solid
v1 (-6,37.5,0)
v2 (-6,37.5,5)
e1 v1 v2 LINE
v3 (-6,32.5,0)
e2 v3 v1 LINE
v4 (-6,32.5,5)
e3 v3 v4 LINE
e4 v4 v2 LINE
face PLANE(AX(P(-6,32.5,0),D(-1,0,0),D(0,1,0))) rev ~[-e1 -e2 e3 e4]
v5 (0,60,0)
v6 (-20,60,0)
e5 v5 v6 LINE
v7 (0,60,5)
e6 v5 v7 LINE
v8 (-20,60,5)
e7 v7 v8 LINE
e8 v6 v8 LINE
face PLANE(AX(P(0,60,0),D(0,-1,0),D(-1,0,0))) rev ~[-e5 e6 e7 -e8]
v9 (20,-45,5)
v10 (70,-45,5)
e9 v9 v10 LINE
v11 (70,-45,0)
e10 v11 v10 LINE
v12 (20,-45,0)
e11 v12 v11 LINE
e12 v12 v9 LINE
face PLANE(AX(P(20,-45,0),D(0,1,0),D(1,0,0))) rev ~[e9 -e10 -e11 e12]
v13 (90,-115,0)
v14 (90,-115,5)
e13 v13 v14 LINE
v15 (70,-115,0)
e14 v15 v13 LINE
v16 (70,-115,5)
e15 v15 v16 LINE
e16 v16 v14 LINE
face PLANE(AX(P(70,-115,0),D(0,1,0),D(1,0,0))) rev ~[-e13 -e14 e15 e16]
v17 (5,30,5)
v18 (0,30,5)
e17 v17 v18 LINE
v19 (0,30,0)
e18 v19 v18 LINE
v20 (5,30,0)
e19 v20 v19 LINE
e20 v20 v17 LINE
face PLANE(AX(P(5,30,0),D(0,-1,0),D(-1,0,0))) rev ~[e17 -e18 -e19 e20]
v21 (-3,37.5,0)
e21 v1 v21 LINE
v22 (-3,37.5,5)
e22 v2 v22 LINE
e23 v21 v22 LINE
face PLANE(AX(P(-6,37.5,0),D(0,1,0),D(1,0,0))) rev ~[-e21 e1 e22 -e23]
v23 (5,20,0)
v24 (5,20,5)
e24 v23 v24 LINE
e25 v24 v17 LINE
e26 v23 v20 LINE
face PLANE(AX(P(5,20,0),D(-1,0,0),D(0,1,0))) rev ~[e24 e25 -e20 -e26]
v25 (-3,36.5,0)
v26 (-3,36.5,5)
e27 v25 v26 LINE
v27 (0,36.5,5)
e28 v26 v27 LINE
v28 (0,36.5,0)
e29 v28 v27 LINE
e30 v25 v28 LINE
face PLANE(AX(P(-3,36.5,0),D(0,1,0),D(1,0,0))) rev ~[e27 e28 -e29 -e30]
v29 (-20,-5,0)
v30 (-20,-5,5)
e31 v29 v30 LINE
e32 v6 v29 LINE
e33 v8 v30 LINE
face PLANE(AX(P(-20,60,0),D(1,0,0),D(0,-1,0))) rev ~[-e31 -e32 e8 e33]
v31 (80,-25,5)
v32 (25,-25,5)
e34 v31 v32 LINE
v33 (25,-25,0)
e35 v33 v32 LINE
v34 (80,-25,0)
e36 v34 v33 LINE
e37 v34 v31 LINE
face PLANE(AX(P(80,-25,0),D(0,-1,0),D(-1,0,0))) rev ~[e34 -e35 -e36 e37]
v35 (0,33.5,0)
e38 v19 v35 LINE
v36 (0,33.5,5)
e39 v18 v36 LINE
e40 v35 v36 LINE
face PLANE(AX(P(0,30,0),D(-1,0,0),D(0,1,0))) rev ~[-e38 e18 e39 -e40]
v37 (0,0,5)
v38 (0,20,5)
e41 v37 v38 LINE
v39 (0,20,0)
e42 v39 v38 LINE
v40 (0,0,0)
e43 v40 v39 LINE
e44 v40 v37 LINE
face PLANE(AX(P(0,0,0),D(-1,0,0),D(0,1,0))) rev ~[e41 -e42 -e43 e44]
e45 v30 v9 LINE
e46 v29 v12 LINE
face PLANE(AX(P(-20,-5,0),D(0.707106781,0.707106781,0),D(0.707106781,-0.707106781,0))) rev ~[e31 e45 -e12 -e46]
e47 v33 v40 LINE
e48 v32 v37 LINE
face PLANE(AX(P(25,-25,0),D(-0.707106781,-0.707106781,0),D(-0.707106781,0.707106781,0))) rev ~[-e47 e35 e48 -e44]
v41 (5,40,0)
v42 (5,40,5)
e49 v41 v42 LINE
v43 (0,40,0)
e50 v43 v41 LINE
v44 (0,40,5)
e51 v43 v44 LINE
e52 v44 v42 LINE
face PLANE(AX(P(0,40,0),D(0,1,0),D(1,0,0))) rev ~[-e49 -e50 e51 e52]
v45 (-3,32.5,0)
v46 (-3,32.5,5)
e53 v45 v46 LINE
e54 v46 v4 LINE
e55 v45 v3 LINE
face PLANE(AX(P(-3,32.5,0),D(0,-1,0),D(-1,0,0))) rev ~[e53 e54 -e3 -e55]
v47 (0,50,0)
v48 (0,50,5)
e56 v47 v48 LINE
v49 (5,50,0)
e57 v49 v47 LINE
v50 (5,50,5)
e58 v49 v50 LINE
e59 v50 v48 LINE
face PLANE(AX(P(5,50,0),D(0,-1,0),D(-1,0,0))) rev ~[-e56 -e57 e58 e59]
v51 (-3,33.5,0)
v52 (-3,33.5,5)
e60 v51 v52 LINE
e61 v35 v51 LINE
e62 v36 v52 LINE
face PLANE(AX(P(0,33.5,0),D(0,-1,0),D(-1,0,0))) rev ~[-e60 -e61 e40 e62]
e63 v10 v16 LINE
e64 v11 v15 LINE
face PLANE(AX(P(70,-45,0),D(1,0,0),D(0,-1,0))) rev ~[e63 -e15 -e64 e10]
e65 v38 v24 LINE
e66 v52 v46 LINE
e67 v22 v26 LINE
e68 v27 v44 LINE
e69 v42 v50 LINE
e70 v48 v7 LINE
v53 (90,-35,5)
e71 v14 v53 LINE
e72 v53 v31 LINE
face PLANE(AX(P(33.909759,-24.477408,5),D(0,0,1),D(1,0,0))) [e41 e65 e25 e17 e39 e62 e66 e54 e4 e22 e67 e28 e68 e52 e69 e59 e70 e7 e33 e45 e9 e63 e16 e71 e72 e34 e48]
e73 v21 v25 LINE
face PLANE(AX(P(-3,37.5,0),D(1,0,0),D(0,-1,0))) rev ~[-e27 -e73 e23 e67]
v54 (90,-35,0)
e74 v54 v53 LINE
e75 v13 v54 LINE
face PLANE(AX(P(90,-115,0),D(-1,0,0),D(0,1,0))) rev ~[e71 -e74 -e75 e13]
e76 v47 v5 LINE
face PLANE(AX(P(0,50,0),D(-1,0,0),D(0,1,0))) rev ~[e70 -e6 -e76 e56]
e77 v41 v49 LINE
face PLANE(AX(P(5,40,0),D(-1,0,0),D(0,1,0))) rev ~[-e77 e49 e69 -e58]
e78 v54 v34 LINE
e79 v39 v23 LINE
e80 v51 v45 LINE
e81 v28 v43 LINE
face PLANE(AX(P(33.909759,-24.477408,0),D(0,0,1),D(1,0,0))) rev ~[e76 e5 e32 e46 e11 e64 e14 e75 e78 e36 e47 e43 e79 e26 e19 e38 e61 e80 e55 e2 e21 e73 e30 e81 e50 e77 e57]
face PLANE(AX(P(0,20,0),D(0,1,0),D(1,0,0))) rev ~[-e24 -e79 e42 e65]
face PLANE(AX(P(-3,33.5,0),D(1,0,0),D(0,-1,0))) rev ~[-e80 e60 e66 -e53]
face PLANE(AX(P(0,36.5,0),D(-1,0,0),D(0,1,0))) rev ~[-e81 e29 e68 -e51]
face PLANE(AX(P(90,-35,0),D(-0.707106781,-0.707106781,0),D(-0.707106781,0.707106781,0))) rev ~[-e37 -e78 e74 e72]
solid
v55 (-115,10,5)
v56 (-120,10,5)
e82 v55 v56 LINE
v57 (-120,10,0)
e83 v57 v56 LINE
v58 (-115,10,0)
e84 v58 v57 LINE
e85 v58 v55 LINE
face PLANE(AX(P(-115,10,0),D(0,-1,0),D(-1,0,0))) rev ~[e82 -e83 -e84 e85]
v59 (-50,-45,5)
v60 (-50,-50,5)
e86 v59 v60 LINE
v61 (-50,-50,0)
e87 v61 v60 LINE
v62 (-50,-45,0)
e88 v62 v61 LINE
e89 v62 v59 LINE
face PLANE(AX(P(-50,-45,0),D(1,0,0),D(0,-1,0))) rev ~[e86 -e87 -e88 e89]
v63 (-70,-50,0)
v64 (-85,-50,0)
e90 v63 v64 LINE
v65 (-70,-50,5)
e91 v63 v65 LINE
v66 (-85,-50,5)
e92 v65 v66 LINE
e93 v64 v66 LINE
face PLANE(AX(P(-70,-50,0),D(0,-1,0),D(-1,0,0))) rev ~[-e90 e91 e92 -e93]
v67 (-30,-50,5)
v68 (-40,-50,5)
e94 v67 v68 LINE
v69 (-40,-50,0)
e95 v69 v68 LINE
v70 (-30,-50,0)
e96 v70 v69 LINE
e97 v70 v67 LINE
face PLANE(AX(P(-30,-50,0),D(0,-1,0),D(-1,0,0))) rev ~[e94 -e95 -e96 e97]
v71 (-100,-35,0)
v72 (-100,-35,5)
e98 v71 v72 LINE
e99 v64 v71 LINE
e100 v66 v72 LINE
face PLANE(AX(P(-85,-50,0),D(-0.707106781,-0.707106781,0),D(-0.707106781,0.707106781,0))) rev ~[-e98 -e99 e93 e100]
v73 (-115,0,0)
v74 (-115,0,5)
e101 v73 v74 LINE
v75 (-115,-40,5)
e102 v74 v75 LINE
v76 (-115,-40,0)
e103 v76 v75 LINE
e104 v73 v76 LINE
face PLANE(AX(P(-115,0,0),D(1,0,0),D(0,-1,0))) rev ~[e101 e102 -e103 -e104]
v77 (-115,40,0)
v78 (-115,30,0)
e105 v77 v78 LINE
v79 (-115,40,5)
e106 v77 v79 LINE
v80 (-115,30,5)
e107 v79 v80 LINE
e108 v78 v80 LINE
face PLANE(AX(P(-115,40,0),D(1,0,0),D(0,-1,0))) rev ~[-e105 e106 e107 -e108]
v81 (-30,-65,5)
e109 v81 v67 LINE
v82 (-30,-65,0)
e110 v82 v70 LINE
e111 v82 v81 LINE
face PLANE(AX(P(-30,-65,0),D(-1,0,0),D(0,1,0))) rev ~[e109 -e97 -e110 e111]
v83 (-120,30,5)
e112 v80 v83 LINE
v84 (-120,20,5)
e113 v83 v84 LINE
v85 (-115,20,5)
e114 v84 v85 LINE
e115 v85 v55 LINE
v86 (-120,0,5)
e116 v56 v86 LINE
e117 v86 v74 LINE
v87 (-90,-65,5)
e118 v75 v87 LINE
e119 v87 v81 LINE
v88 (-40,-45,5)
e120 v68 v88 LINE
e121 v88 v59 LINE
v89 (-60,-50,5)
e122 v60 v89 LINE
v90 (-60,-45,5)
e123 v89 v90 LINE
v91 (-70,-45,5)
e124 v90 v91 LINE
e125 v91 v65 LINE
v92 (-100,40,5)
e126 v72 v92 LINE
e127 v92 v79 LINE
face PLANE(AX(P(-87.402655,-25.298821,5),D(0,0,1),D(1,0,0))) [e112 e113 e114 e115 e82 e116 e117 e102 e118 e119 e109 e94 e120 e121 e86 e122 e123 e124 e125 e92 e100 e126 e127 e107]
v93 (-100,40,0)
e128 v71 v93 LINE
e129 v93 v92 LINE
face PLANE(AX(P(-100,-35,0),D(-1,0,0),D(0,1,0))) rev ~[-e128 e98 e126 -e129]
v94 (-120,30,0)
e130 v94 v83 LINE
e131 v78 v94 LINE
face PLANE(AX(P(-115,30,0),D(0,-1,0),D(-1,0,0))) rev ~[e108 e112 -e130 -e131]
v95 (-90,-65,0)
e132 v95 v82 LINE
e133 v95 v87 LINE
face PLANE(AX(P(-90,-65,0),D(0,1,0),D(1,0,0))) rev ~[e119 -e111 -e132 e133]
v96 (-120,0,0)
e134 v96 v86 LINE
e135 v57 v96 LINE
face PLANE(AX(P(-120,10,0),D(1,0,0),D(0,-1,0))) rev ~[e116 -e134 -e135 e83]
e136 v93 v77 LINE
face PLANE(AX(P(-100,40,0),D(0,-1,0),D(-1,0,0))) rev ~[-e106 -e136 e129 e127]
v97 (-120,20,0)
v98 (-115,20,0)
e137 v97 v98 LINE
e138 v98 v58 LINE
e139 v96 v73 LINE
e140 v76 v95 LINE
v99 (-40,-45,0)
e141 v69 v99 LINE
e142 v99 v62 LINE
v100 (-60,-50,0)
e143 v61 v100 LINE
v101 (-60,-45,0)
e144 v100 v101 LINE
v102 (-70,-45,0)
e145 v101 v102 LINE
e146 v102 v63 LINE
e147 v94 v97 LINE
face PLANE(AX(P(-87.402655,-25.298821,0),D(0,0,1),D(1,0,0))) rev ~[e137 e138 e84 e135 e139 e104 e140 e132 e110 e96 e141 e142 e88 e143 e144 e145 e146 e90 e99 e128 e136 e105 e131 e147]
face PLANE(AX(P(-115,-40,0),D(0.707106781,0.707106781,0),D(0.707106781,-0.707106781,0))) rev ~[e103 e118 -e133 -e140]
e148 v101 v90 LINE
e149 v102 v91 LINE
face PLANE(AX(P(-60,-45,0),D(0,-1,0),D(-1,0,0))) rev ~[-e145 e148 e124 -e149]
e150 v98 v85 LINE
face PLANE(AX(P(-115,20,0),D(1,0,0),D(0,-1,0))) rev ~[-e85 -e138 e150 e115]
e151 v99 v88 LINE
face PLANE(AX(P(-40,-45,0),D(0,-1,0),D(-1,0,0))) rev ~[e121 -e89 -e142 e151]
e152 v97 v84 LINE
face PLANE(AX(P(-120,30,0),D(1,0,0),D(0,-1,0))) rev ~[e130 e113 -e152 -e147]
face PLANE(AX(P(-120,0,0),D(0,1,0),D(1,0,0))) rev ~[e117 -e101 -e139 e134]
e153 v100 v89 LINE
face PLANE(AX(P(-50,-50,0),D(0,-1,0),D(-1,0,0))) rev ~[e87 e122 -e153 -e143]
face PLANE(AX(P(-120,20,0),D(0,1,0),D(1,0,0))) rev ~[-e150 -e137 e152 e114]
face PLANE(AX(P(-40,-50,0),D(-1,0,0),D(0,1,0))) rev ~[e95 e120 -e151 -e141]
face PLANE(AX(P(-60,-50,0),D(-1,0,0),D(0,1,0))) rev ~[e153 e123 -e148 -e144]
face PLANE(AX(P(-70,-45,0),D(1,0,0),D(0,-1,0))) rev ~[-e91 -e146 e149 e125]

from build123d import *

# Parameters (mm, degrees)
F1_DEPTH = 5
F3_DEPTH = 5


with BuildPart() as f1:
    # F0 (on Top) → F1 (new body)
    with BuildSketch(Plane.XY):
        Polygon((0, 60), (-20, 60), (-20, -5), (20, -45), (70, -45), (70, -115), (90, -115), (90, -35), (80, -25), (25, -25), (0, 0), (0, 20), (5, 20), (5, 30), (0, 30), (0, 33.5), (-3, 33.5), (-3, 32.5), (-6, 32.5), (-6, 37.5), (-3, 37.5), (-3, 36.5), (0, 36.5), (0, 40), (5, 40), (5, 50), (0, 50), align=None)
    extrude(amount=F1_DEPTH)


with BuildPart() as f3:
    # F2 (on Top) → F3 (new body)
    with BuildSketch(Plane.XY):
        Polygon((-100, 40), (-115, 40), (-115, 30), (-120, 30), (-120, 20), (-115, 20), (-115, 10), (-120, 10), (-120, 0), (-115, 0), (-115, -40), (-90, -65), (-30, -65), (-30, -50), (-40, -50), (-40, -45), (-50, -45), (-50, -50), (-60, -50), (-60, -45), (-70, -45), (-70, -50), (-85, -50), (-100, -35), align=None)
    extrude(amount=F3_DEPTH)


solid = Compound([f1.part, f3.part])
